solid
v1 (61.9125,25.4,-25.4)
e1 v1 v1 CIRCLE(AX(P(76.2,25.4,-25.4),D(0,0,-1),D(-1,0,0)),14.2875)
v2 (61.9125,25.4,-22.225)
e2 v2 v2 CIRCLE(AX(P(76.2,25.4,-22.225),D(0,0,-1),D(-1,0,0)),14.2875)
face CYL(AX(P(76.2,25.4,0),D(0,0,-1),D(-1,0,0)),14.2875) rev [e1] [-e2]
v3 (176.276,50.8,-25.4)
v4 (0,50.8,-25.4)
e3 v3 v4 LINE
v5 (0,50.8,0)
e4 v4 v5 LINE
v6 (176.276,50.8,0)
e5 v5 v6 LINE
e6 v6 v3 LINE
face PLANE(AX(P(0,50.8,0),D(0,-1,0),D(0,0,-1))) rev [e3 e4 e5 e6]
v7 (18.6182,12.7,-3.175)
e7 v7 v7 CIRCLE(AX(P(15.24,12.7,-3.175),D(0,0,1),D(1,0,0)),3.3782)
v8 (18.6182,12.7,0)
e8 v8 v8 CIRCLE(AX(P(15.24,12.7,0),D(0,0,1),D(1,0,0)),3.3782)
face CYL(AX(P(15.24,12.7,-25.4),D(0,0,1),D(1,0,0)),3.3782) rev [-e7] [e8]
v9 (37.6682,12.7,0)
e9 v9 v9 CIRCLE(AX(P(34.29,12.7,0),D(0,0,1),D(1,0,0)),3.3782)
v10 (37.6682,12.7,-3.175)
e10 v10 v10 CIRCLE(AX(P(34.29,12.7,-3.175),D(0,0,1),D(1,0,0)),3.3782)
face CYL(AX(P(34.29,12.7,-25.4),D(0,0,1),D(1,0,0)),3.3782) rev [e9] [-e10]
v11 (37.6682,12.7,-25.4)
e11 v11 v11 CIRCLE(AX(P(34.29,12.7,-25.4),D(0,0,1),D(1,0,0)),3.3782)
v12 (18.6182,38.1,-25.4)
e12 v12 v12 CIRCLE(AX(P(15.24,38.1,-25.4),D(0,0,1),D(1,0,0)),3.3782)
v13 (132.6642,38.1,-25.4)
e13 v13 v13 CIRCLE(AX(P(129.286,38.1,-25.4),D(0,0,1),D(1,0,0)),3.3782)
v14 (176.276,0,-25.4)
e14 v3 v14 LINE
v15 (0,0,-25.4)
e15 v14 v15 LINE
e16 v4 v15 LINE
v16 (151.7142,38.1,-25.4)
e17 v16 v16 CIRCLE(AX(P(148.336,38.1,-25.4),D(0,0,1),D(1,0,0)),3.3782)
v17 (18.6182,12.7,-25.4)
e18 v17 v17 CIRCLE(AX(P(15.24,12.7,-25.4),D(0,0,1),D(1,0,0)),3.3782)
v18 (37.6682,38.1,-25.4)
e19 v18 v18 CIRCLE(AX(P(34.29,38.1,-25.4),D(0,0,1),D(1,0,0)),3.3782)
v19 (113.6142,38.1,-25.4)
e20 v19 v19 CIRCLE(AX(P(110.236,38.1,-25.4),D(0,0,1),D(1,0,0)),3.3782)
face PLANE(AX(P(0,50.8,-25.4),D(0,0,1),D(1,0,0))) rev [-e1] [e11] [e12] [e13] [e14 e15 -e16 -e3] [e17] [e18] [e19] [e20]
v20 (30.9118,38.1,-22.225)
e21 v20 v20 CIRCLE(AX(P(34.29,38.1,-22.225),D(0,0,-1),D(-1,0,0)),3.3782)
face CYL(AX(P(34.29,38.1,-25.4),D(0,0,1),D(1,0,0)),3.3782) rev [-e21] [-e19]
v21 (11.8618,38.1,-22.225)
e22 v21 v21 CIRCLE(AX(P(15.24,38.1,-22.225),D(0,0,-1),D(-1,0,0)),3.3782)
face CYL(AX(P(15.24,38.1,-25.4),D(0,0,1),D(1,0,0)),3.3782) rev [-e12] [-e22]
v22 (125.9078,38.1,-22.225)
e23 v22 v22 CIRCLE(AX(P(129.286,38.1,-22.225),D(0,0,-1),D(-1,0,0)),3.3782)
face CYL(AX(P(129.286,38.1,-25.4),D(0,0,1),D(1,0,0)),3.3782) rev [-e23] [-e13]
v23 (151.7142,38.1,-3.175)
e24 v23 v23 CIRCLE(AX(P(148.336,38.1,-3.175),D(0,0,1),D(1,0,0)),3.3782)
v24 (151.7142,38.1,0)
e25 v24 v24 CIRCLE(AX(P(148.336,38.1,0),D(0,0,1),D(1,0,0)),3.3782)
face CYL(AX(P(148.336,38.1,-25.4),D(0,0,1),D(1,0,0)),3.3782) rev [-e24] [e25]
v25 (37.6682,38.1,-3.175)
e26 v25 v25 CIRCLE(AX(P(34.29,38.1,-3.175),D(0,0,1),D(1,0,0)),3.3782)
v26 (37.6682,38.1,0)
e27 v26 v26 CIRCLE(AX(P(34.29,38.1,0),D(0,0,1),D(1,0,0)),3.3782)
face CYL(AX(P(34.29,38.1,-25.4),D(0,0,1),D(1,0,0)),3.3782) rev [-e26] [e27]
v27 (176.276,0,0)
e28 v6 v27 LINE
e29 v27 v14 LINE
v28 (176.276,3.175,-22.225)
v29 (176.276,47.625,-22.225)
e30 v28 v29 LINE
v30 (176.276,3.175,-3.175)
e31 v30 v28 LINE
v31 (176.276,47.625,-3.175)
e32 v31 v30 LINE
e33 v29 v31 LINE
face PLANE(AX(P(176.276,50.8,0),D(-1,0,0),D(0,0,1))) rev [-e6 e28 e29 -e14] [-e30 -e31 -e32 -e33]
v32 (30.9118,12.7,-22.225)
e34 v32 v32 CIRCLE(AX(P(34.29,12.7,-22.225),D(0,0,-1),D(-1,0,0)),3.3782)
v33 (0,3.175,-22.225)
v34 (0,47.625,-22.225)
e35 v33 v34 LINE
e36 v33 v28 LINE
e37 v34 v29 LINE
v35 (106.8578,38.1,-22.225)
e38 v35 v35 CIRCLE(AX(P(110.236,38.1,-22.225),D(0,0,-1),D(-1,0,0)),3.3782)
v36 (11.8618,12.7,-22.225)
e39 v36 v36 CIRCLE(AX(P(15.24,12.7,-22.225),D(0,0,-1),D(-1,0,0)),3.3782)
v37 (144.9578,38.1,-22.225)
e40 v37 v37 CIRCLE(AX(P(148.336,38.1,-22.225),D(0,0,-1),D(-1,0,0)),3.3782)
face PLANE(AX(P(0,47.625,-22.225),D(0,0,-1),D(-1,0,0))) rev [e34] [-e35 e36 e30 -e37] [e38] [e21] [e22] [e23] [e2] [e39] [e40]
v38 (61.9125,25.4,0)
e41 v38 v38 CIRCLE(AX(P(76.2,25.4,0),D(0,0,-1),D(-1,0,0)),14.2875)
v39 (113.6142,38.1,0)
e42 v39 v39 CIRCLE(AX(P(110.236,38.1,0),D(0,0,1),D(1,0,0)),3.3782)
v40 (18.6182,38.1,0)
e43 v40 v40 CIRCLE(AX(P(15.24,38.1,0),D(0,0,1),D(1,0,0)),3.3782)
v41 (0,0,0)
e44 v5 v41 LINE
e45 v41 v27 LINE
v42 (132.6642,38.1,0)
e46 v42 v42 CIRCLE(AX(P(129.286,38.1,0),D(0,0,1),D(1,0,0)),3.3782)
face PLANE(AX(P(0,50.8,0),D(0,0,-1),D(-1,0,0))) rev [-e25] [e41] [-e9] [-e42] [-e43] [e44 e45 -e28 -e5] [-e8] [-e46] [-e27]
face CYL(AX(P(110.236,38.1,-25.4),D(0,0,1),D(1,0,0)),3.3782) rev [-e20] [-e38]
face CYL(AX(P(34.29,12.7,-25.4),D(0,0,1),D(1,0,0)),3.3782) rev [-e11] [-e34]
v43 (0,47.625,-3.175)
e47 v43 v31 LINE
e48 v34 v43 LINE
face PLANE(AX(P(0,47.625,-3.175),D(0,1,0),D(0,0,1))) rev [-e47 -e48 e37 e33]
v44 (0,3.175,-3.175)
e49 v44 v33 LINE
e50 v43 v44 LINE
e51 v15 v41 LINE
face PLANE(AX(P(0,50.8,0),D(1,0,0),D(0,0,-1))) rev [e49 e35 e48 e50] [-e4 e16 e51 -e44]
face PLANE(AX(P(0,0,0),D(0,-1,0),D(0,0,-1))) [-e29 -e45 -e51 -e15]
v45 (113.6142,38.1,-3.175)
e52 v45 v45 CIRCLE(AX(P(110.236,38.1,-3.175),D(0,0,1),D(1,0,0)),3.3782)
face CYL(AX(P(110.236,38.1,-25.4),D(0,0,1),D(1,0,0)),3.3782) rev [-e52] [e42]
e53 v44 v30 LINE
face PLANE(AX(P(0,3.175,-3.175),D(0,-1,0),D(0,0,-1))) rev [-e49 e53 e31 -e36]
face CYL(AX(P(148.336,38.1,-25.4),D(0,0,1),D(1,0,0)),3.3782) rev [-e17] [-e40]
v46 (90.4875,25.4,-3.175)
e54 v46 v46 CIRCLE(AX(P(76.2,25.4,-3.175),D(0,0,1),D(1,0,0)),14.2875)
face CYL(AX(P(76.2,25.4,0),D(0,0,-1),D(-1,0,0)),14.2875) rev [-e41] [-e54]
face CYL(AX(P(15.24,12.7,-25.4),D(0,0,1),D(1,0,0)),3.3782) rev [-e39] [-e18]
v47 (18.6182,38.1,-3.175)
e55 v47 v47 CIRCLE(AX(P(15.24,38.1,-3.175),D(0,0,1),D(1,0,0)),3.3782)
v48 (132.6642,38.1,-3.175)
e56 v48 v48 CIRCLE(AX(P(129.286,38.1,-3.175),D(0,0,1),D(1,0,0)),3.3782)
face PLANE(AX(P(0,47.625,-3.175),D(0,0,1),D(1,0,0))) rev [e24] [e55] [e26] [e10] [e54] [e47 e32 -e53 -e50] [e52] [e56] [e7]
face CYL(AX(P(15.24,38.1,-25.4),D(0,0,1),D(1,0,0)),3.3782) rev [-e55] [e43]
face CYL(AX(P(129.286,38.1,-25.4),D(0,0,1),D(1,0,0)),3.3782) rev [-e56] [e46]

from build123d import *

# Parameters (mm, degrees)
SKETCH1_W           = 176.276
SKETCH1_H           = 25.4
BOSS_EXTRUDE1_DEPTH = 50.8
SKETCH2_OUTSIDE_W   = 64.44
SKETCH2_OUTSIDE_H   = 89.84
SKETCH2_OUTSIDE_W_2 = 25.4
SKETCH2_OUTSIDE_H_2 = 50.8
SKETCH2_OUTSIDE_W_3 = 19.05
SKETCH2_OUTSIDE_H_3 = 44.45
CUT_EXTRUDE1_DEPTH  = 186.199968078
SKETCH3_R           = 14.2875
CUT_EXTRUDE2_DEPTH  = 186.199968078
SKETCH4_R           = 3.3782
CUT_EXTRUDE3_DEPTH  = 186.199968078
SKETCH5_R           = 3.3782
CUT_EXTRUDE4_DEPTH  = 186.199968078


with BuildPart() as part:
    # Sketch1 → Boss-Extrude1 (new body)
    with BuildSketch(Plane(origin=(0, 0, 0), x_dir=(1, 0, 0), z_dir=(0, 1, 0))):
        with Locations((88.138, 12.7)):
            Rectangle(SKETCH1_W, SKETCH1_H)
    extrude(amount=BOSS_EXTRUDE1_DEPTH)

    # Sketch2 outside → Cut-Extrude1 (cut, through all)
    # profile 1 of 2: a face of its own
    with BuildSketch(Plane(origin=(176.276, 0, 0), x_dir=(0, 0, -1), z_dir=(1, 0, 0))):
        with Locations((12.7, 25.4)):
            Rectangle(SKETCH2_OUTSIDE_W, SKETCH2_OUTSIDE_H)
        with Locations((12.7, 25.4)):
            Rectangle(SKETCH2_OUTSIDE_W_2, SKETCH2_OUTSIDE_H_2, mode=Mode.SUBTRACT)
    # profile 2 of 2: a face of its own
    with BuildSketch(Plane(origin=(176.276, 0, 0), x_dir=(0, 0, -1), z_dir=(1, 0, 0))):
        with Locations((12.7, 25.4)):
            Rectangle(SKETCH2_OUTSIDE_W_3, SKETCH2_OUTSIDE_H_3)
    extrude(amount=-CUT_EXTRUDE1_DEPTH, mode=Mode.SUBTRACT)

    # Sketch3 → Cut-Extrude2 (cut, through all)
    with BuildSketch(Plane(origin=(0, 0, -25.4), x_dir=(-1, 0, 0), z_dir=(0, 0, -1))):
        with Locations((-76.2, 25.4)):
            Circle(SKETCH3_R)
    extrude(amount=-CUT_EXTRUDE2_DEPTH, mode=Mode.SUBTRACT)

    # Sketch4 → Cut-Extrude3 (cut, through all)
    with BuildSketch(Plane.XY):
        with Locations((148.336, 38.1)):
            Circle(SKETCH4_R)
        with Locations((129.286, 38.1)):
            Circle(SKETCH4_R)
        with Locations((110.236, 38.1)):
            Circle(SKETCH4_R)
    extrude(amount=-CUT_EXTRUDE3_DEPTH, mode=Mode.SUBTRACT)

    # Sketch5 → Cut-Extrude4 (cut, through all)
    with BuildSketch(Plane.XY):
        with Locations((15.24, 38.1)):
            Circle(SKETCH5_R)
        with Locations((15.24, 12.7)):
            Circle(SKETCH5_R)
        with Locations((34.29, 12.7)):
            Circle(SKETCH5_R)
        with Locations((34.29, 38.1)):
            Circle(SKETCH5_R)
    extrude(amount=-CUT_EXTRUDE4_DEPTH, mode=Mode.SUBTRACT)


solid = part.part
